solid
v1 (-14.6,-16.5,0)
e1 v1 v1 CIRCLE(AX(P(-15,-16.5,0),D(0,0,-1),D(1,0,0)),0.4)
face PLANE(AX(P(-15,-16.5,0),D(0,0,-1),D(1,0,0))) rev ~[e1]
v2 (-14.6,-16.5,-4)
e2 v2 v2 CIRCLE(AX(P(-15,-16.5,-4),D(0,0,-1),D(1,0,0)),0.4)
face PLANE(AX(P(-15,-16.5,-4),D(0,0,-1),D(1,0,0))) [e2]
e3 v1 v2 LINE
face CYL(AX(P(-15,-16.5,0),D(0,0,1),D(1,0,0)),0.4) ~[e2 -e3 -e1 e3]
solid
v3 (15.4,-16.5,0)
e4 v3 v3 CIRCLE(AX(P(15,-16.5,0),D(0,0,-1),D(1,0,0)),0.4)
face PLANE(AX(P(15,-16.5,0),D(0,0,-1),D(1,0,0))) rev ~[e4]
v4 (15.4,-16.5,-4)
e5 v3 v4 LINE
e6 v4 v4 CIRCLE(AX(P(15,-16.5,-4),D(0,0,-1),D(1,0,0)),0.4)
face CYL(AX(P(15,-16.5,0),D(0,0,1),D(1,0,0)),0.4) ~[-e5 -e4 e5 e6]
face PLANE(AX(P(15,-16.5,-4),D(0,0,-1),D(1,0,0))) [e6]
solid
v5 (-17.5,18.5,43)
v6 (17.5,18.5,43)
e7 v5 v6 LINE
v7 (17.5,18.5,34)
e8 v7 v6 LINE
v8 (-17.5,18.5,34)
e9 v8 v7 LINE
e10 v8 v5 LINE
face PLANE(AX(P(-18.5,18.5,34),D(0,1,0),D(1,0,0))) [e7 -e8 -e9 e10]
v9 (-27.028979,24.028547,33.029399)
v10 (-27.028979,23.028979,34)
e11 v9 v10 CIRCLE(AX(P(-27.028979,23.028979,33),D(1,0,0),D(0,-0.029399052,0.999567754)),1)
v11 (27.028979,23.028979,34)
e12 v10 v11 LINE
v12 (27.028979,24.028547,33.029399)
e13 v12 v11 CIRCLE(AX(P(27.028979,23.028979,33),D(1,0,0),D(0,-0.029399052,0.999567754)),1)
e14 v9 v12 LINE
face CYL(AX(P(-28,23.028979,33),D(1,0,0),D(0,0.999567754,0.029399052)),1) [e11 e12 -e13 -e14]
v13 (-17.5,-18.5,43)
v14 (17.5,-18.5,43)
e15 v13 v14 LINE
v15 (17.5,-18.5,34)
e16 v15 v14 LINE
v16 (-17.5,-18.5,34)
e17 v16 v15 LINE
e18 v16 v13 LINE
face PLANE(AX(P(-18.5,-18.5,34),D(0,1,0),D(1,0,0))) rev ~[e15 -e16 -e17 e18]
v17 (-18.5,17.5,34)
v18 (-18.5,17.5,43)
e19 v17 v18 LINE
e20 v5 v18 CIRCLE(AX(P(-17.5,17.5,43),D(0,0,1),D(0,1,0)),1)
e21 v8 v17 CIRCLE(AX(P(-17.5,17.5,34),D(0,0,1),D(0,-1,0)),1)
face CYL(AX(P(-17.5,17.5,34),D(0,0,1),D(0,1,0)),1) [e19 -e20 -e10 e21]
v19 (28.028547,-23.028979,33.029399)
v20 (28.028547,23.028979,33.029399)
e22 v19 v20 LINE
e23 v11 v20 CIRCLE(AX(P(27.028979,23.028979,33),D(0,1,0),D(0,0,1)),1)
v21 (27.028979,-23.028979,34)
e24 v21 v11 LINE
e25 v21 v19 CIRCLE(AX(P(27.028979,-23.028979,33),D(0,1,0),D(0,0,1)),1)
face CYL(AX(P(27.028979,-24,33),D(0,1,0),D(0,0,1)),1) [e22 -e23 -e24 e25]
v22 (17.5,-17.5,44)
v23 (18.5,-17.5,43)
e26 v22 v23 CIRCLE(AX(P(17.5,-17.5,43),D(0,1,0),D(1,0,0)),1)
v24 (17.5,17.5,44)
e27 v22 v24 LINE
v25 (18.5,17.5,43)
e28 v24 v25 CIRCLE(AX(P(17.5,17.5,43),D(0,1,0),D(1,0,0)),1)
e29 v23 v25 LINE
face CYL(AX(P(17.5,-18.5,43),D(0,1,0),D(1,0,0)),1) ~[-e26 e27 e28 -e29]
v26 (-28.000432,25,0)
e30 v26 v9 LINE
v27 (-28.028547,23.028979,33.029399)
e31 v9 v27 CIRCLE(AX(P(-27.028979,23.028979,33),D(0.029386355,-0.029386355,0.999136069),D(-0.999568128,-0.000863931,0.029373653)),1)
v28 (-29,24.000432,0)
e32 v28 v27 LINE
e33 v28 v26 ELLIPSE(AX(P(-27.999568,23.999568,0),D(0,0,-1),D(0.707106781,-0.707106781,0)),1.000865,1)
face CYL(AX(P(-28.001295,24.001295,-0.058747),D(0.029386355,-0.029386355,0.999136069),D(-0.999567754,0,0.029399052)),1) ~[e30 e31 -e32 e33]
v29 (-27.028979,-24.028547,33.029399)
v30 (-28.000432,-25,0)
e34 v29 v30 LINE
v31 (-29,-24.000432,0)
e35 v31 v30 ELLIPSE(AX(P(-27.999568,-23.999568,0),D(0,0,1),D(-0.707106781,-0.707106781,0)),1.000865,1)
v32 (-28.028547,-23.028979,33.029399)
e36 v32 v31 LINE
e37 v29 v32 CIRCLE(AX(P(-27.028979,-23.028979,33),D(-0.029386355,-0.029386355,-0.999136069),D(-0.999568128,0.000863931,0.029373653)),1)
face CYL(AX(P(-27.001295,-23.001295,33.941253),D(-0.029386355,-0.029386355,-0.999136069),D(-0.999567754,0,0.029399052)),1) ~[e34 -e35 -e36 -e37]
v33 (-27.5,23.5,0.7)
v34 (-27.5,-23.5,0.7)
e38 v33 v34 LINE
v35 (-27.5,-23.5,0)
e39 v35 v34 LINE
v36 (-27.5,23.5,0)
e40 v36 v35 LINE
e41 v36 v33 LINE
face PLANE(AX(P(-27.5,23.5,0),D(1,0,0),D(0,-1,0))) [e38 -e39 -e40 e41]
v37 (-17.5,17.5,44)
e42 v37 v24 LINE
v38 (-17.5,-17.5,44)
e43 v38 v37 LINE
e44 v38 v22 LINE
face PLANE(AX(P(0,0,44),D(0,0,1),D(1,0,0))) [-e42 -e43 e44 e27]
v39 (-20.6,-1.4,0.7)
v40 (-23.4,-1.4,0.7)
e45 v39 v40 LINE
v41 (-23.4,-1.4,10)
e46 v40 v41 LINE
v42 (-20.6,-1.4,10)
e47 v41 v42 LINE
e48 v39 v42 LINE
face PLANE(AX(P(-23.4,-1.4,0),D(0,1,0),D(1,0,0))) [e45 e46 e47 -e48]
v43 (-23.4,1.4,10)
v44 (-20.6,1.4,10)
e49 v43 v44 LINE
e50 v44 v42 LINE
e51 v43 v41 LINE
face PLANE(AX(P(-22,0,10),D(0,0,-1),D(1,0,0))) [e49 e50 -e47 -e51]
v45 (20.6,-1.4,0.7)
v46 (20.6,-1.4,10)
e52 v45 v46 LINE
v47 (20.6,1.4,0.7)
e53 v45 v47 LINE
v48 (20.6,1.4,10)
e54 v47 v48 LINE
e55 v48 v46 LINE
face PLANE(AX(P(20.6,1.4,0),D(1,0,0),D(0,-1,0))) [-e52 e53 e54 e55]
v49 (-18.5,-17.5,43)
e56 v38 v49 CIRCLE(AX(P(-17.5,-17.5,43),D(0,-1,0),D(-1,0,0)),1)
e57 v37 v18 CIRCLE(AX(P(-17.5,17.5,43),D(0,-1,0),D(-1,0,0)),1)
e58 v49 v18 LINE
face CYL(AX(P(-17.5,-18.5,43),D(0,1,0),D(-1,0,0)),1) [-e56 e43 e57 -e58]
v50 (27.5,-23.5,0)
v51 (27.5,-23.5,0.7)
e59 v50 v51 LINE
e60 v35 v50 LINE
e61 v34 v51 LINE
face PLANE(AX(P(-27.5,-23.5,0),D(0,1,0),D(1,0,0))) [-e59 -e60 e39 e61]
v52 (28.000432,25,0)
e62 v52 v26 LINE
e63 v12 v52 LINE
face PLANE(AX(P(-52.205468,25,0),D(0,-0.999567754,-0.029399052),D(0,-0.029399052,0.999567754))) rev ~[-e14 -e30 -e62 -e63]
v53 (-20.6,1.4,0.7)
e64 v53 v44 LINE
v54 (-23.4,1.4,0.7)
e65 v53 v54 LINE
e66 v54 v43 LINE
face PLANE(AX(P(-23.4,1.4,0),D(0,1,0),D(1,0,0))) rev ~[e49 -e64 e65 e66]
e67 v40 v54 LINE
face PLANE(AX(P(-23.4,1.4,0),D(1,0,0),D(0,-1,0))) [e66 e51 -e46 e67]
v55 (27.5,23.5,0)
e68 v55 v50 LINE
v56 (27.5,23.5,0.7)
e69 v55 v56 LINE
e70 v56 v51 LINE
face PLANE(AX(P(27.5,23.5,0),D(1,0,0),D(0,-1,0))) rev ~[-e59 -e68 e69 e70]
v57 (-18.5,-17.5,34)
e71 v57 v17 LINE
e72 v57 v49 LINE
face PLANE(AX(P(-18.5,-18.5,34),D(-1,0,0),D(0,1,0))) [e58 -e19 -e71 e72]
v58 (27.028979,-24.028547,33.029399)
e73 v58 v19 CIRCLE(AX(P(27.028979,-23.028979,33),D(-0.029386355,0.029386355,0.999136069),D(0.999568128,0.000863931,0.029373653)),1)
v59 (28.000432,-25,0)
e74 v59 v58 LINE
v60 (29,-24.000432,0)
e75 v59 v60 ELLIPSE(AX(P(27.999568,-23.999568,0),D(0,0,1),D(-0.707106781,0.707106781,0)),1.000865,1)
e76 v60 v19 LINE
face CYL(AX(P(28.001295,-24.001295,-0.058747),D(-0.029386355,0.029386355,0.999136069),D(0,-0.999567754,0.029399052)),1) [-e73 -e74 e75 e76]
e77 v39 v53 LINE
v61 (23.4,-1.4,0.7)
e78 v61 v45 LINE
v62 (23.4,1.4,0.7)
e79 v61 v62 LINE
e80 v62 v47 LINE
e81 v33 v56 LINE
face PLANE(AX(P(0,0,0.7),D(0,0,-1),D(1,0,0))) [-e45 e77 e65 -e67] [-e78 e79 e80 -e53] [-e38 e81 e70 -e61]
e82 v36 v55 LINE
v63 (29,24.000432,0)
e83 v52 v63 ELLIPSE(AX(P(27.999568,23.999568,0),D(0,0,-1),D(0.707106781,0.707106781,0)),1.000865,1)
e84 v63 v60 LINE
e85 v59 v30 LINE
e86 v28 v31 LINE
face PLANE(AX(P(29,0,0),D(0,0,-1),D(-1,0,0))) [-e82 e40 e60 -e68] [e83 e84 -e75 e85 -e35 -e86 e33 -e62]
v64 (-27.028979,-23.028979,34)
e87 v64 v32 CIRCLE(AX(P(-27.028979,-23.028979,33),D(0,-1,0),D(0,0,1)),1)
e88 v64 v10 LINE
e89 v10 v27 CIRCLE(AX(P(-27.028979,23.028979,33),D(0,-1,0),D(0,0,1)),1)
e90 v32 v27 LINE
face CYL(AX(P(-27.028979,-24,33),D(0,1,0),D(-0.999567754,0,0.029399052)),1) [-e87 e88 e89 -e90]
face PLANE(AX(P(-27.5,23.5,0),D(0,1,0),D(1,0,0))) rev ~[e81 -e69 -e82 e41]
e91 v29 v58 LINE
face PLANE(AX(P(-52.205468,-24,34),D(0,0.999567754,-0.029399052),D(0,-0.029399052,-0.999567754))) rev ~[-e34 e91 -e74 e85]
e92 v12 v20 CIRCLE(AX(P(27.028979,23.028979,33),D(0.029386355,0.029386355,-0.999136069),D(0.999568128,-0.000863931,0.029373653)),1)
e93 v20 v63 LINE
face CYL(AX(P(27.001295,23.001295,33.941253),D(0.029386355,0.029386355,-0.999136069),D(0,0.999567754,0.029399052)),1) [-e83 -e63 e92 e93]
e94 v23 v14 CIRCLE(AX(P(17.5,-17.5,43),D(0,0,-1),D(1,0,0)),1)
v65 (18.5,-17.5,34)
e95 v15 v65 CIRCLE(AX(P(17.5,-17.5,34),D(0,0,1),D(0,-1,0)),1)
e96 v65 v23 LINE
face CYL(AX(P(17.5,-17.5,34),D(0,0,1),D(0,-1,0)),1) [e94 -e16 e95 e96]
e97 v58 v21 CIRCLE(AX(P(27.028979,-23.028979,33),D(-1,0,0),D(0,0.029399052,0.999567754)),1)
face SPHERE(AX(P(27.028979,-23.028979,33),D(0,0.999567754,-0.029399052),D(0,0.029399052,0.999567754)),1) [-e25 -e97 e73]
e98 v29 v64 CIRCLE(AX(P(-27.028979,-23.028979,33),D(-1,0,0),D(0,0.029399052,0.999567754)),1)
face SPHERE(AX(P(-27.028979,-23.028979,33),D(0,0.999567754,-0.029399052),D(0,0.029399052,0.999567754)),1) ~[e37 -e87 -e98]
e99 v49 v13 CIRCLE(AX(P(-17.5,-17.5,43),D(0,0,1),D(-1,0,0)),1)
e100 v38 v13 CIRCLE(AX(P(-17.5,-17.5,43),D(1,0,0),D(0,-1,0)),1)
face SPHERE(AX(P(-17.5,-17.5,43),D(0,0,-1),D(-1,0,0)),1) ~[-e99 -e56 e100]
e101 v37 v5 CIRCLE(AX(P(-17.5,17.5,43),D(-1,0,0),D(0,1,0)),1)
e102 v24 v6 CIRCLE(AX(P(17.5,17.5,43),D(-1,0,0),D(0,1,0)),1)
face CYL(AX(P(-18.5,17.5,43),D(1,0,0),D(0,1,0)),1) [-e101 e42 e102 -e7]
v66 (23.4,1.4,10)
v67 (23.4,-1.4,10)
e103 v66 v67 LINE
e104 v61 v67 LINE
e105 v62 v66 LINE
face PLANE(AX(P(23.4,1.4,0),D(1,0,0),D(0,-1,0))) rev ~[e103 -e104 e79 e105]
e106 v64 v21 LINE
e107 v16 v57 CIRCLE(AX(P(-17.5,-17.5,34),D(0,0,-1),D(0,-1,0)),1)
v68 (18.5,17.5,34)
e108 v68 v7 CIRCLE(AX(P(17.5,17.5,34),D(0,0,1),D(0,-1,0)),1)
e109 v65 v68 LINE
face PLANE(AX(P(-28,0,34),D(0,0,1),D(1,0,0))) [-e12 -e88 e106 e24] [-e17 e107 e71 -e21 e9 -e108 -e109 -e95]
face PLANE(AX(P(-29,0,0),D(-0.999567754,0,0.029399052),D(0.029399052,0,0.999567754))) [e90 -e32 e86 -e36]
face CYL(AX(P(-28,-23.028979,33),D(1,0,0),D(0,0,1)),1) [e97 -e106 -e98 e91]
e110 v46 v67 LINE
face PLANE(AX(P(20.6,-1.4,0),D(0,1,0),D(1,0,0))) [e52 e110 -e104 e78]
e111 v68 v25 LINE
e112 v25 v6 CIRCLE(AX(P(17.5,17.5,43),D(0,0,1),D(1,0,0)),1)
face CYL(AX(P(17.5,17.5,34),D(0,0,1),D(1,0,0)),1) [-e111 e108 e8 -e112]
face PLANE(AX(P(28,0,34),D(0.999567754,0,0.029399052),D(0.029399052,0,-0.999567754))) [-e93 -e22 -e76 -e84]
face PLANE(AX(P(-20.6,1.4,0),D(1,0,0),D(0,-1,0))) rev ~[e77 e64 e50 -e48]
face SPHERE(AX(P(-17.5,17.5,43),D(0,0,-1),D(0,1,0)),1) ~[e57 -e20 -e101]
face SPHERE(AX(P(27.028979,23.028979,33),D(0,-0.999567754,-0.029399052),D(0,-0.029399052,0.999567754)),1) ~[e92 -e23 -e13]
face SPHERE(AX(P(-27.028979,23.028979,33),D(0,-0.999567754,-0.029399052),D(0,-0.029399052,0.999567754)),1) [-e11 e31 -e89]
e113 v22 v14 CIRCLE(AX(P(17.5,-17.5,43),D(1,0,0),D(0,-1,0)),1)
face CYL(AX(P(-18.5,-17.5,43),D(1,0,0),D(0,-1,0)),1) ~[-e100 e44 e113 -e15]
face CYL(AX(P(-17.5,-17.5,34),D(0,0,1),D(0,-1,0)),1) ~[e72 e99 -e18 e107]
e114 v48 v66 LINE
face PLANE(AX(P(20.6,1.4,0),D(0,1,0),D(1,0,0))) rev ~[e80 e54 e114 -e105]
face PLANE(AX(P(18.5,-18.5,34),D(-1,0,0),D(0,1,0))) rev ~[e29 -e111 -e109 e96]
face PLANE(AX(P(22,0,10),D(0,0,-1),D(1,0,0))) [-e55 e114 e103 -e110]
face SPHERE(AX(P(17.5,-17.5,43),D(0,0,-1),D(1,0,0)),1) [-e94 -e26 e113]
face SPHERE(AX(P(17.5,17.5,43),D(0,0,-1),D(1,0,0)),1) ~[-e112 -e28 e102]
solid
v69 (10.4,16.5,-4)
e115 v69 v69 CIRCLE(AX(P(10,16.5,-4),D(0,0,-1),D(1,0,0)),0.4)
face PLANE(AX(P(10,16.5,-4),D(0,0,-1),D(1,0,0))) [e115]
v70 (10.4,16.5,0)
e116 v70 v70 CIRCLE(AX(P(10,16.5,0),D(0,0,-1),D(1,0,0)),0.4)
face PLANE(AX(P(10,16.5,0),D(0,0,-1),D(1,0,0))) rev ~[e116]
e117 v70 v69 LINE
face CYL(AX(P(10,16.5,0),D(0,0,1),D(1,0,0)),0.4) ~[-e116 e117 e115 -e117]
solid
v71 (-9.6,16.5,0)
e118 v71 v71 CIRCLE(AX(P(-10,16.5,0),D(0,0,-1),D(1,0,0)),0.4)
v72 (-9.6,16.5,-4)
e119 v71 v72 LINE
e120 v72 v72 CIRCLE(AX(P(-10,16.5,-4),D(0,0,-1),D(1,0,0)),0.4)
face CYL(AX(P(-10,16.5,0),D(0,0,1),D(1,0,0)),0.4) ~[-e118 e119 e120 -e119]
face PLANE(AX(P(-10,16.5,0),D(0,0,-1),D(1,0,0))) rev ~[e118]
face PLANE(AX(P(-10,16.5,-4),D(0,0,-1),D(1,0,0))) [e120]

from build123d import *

# Parameters (mm, degrees)
EXTRUDE_3_DEPTH          = 25
CUT_EXTRUDE_1_DEPTH      = 52.205468458
CUT_EXTRUDE_1_DEPTH_BACK = 52.205468458
SKETCH_3_OUTSIDE_W       = 52.758
SKETCH_3_OUTSIDE_H       = 68.758
SKETCH_4_W               = 37
SKETCH_4_H               = 37
EXTRUDE_4_DEPTH          = 10
SKETCH_8_W               = 2.8
SKETCH_8_H               = 2.8
CUT_EXTRUDE_3_DEPTH      = 10
SKETCH_5_W               = 55
SKETCH_5_H               = 47
CUT_EXTRUDE_2_DEPTH      = 0.7
FILLET_1_R               = 1
EXTRUDE_START            = 0.7
SKETCH_7_R               = 0.4
EXTRUDE_5_DEPTH          = 4
EXTRUDE_5_2_DEPTH        = 4
EXTRUDE_5_3_DEPTH        = 4
EXTRUDE_5_4_DEPTH        = 4


with BuildPart() as part:
    # Эскиз1 → Бобышка-Вытянуть3 (new, symmetric)
    with BuildSketch(Plane(origin=(0, 0, 0), x_dir=(1, 0, 0), z_dir=(0, 1, 0))):
        Polygon((-29, 0), (-28, -34), (28, -34), (29, 0), align=None)
    extrude(amount=EXTRUDE_3_DEPTH, both=True)

    # Эскиз3 outside → Вырез-Вытянуть1 (cut, two sides: drawn at the far end of the back side and taken through both)
    with BuildSketch(Plane(origin=(0, 0, 0), x_dir=(0, 0, -1), z_dir=(1, 0, 0)).offset(-CUT_EXTRUDE_1_DEPTH_BACK)):
        with Locations((-17, 0)):
            Rectangle(SKETCH_3_OUTSIDE_W, SKETCH_3_OUTSIDE_H)
        Polygon((0, 25), (-34, 24), (-34, -24), (0, -25), align=None, mode=Mode.SUBTRACT)
    extrude(amount=CUT_EXTRUDE_1_DEPTH + CUT_EXTRUDE_1_DEPTH_BACK, mode=Mode.SUBTRACT)

    # Эскиз4 → Бобышка-Вытянуть4 (add)
    with BuildSketch(Plane.XY.offset(34)):
        Rectangle(SKETCH_4_W, SKETCH_4_H)
    extrude(amount=EXTRUDE_4_DEPTH)

    # Эскиз8 → Вырез-Вытянуть3 (cut)
    with BuildSketch(Plane(origin=(0, 0, 0), x_dir=(1, 0, 0), z_dir=(0, 0, -1))):
        with Locations((22, 0)):
            Rectangle(SKETCH_8_W, SKETCH_8_H)
        with Locations((-22, 0)):
            Rectangle(SKETCH_8_W, SKETCH_8_H)
    extrude(amount=-CUT_EXTRUDE_3_DEPTH, mode=Mode.SUBTRACT)

    # Эскиз5 → Вырез-Вытянуть2 (cut)
    with BuildSketch(Plane(origin=(0, 0, 0), x_dir=(1, 0, 0), z_dir=(0, 0, -1))):
        Rectangle(SKETCH_5_W, SKETCH_5_H)
    extrude(amount=-CUT_EXTRUDE_2_DEPTH, mode=Mode.SUBTRACT)

    # Скругление1
    fillet_1_edges = [part.edges().sort_by_distance(p)[0] for p in [
        (28, 0, 34),
        (-28, 0, 34),
        (0, -24, 34),
        (0, 24, 34),
        (-28.5, 24.5, 17),
        (28.5, 24.5, 17),
        (-28.5, -24.5, 17),
        (28.5, -24.5, 17),
        (18.5, -18.5, 39),
        (18.5, 18.5, 39),
        (-18.5, 18.5, 39),
        (-18.5, -18.5, 39),
        (18.5, 0, 44),
        (0, 18.5, 44),
        (-18.5, 0, 44),
        (0, -18.5, 44),
    ]]
    fillet(fillet_1_edges, radius=FILLET_1_R)


with BuildPart() as body_2:
    # Эскиз7 → Бобышка-Вытянуть5 (new body)
    with BuildSketch(Plane(origin=(0, -0.7, 0.7), x_dir=(1, 0, 0), z_dir=(0, 0, -1)).offset(EXTRUDE_START)):
        with Locations((-15, 15.8)):
            Circle(SKETCH_7_R)
    extrude(amount=EXTRUDE_5_DEPTH)


with BuildPart() as body_3:
    # Эскиз7 → Extrude 5 2 (new body)
    with BuildSketch(Plane(origin=(0, -0.7, 0.7), x_dir=(1, 0, 0), z_dir=(0, 0, -1)).offset(EXTRUDE_START)):
        with Locations((15, 15.8)):
            Circle(SKETCH_7_R)
    extrude(amount=EXTRUDE_5_2_DEPTH)


with BuildPart() as body_4:
    # Эскиз7 → Extrude 5 3 (new body)
    with BuildSketch(Plane(origin=(0, -0.7, 0.7), x_dir=(1, 0, 0), z_dir=(0, 0, -1)).offset(EXTRUDE_START)):
        with Locations((-10, -17.2)):
            Circle(SKETCH_7_R)
    extrude(amount=EXTRUDE_5_3_DEPTH)


with BuildPart() as body_5:
    # Эскиз7 → Extrude 5 4 (new body)
    with BuildSketch(Plane(origin=(0, -0.7, 0.7), x_dir=(1, 0, 0), z_dir=(0, 0, -1)).offset(EXTRUDE_START)):
        with Locations((10, -17.2)):
            Circle(SKETCH_7_R)
    extrude(amount=EXTRUDE_5_4_DEPTH)


solid = Compound([part.part, body_2.part, body_3.part, body_4.part, body_5.part])
